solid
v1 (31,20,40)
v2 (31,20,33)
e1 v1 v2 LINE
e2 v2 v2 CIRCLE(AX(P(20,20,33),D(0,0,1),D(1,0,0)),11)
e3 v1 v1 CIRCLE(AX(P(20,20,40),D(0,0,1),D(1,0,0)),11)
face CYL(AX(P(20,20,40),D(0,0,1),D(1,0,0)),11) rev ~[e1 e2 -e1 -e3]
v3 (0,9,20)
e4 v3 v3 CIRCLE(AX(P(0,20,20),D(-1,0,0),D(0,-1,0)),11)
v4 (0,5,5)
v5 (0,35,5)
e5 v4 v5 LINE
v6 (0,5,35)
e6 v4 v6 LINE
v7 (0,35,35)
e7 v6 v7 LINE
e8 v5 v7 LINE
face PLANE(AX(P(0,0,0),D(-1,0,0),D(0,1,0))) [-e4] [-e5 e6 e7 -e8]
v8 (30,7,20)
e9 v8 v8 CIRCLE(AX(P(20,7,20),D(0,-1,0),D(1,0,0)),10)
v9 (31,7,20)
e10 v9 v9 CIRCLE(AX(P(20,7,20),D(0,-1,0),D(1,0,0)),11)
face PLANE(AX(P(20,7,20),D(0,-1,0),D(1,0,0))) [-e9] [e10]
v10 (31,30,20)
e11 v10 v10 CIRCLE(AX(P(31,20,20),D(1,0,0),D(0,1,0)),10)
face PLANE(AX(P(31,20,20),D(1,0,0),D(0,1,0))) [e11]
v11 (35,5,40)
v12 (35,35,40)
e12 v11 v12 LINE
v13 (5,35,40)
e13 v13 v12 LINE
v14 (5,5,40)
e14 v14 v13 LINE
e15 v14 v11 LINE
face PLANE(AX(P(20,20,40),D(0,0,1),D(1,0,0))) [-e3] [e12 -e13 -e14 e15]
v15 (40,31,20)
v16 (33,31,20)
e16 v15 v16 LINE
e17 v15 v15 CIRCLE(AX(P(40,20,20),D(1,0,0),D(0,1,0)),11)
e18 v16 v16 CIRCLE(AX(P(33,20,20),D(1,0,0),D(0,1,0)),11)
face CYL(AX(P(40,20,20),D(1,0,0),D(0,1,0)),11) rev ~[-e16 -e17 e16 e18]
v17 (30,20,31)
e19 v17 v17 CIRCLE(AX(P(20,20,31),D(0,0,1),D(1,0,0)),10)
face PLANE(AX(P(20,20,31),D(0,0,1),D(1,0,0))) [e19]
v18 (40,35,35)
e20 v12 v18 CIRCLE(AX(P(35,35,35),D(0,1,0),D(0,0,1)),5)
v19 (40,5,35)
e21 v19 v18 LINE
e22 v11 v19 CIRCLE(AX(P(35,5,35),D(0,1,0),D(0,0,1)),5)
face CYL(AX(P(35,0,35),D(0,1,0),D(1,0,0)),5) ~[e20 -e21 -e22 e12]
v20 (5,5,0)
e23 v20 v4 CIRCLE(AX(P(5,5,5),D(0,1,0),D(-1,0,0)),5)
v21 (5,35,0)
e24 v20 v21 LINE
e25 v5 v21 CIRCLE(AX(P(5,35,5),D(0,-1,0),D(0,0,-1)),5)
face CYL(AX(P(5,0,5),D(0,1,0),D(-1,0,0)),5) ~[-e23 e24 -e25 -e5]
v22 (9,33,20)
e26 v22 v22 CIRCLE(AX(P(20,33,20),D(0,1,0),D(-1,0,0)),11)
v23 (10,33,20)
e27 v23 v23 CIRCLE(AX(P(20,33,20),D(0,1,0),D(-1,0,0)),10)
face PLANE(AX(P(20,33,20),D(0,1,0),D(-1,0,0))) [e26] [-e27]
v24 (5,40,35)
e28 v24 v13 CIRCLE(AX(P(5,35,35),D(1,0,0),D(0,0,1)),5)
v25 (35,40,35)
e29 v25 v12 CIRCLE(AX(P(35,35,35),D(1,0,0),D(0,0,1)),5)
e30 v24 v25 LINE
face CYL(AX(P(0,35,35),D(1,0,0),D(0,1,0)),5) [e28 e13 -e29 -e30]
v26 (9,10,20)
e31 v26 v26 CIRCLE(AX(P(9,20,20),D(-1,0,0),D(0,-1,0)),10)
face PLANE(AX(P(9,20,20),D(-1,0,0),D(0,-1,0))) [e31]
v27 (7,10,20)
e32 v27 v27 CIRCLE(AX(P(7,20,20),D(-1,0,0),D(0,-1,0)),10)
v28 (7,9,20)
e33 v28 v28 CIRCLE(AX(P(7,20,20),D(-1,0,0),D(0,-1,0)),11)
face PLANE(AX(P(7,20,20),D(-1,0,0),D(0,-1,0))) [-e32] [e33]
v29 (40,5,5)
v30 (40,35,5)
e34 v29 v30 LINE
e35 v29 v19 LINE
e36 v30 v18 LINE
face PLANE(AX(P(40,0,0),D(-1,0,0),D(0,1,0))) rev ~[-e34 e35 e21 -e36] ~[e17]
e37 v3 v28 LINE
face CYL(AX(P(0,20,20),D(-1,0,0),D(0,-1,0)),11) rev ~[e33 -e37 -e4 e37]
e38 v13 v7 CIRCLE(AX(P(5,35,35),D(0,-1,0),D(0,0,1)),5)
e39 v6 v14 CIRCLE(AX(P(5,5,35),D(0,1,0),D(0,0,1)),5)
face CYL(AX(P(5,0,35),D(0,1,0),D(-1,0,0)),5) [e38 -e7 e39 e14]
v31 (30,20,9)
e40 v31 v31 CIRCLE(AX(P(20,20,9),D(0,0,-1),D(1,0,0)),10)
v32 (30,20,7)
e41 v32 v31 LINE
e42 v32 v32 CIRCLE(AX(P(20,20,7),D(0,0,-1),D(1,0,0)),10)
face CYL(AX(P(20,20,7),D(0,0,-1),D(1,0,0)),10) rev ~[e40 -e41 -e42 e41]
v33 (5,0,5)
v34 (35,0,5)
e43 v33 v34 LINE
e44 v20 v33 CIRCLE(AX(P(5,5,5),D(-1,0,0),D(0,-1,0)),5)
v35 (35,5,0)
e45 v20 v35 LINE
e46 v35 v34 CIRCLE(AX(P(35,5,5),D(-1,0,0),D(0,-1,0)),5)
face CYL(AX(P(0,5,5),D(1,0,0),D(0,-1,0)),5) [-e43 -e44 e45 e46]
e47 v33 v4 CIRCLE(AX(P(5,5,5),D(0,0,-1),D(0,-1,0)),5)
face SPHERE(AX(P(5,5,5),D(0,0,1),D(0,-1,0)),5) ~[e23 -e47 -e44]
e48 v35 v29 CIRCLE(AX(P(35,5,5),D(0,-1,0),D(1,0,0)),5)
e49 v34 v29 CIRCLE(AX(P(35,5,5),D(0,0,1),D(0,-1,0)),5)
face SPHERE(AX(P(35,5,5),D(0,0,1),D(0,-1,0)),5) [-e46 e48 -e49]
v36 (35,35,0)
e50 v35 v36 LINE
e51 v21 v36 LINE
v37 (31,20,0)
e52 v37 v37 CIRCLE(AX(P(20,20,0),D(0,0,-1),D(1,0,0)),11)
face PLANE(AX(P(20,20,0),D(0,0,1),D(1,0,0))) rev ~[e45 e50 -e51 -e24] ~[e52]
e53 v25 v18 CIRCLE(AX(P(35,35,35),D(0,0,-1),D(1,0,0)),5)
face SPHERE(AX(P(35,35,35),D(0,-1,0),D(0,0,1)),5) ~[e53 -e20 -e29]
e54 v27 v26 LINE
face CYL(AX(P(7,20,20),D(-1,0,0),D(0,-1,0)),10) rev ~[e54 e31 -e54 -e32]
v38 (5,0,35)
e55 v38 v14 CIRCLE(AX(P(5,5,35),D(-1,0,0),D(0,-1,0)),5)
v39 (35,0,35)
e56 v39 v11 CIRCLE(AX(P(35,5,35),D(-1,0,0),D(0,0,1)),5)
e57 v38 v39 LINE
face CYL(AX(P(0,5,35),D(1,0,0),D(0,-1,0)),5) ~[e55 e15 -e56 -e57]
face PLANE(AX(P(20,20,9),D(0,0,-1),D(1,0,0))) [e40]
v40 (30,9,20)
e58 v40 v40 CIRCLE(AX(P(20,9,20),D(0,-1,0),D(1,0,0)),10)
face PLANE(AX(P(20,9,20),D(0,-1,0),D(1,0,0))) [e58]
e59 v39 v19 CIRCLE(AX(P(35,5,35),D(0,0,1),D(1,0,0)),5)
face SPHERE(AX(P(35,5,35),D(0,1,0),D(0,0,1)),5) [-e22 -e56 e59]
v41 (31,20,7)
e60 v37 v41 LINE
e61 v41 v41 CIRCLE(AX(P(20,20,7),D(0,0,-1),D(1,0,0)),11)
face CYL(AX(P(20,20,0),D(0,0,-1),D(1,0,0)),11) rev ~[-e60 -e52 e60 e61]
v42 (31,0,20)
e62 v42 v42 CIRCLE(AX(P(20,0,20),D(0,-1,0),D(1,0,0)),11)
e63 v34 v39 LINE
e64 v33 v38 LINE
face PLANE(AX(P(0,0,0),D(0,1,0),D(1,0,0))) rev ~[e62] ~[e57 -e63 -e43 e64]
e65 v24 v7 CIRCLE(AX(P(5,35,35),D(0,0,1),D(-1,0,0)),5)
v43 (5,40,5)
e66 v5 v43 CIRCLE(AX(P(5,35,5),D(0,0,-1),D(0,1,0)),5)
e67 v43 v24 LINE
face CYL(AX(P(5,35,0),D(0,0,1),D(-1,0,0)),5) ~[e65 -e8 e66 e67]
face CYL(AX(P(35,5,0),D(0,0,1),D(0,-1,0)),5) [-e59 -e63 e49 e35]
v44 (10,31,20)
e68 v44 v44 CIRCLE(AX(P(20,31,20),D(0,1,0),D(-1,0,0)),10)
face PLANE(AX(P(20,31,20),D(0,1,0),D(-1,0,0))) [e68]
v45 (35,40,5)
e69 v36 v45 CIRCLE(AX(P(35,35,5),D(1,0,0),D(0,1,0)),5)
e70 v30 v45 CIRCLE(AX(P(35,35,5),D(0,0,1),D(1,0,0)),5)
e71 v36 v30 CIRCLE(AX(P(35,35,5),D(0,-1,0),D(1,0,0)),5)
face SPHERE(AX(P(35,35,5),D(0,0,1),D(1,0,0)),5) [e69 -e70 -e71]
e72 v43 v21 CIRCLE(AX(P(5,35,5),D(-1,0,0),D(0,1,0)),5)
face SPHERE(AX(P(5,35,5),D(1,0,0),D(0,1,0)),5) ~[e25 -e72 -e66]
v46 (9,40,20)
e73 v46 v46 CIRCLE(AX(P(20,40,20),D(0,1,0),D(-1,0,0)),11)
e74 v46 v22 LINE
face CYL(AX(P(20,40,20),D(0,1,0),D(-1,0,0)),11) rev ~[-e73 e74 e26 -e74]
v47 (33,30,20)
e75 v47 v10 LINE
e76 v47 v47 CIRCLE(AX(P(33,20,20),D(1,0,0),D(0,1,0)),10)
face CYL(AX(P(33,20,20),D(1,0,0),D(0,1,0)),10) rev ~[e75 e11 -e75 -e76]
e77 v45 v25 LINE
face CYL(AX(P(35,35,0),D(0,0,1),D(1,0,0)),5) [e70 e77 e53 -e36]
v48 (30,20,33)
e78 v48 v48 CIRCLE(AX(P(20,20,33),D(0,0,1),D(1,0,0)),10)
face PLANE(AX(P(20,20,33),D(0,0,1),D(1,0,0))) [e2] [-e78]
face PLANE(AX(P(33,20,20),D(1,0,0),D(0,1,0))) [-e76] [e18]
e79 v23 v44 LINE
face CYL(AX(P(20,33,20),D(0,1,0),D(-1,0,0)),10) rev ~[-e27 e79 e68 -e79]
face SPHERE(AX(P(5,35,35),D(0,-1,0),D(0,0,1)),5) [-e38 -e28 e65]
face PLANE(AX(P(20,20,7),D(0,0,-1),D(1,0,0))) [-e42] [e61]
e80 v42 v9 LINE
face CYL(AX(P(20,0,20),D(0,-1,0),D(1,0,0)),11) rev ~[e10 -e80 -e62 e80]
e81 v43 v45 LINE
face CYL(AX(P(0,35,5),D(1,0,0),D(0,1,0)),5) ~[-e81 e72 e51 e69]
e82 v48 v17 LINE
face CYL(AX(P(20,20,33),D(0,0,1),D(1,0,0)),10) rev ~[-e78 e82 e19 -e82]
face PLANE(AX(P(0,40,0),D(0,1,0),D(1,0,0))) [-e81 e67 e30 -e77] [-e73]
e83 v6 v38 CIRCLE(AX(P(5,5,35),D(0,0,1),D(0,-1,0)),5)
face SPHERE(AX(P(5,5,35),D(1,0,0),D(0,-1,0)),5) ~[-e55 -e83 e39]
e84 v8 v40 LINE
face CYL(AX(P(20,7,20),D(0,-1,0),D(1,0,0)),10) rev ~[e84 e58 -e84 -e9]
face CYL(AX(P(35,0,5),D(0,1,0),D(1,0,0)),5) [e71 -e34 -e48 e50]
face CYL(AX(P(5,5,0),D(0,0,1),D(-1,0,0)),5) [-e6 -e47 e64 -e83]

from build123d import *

# Parameters (mm, degrees)
F0_W      = 40
F0_H      = 40
F1_DEPTH  = 40
F2_R      = 5
F3_R      = 11
F4_DEPTH  = 7
F5_R      = 11
F6_DEPTH  = 7
F7_R      = 11
F8_DEPTH  = 7
F9_R      = 11
F10_DEPTH = 7
F11_R     = 11
F12_DEPTH = 7
F13_R     = 11
F14_DEPTH = 7
F15_R     = 10
F16_DEPTH = 2
F17_R     = 10
F18_DEPTH = 2
F19_R     = 10
F20_DEPTH = 2
F21_R     = 10
F22_DEPTH = 2
F23_R     = 10
F24_DEPTH = 2
F25_R     = 10
F26_DEPTH = 2


with BuildPart() as f1:
    # F0 (on Top) → F1 (new body)
    with BuildSketch(Plane.XY):
        with Locations((20, 20)):
            Rectangle(F0_W, F0_H)
    extrude(amount=F1_DEPTH)

    # F2
    f2_edges = [f1.edges().sort_by_distance(p)[0] for p in [
        (40, 20, 40),
        (20, 0, 40),
        (0, 0, 20),
        (40, 0, 20),
        (20, 0, 0),
        (0, 20, 40),
        (20, 40, 40),
        (40, 40, 20),
        (40, 20, 0),
        (20, 40, 0),
        (0, 40, 20),
        (0, 20, 0),
    ]]
    fillet(f2_edges, radius=F2_R)

    # F3 (on face) → F4 (cut)
    with BuildSketch(Plane.XZ):
        with Locations((20, 20)):
            Circle(F3_R)
    extrude(amount=-F4_DEPTH, mode=Mode.SUBTRACT)

    # F5 (on face) → F6 (cut)
    with BuildSketch(Plane(origin=(0, 40, 0), x_dir=(-1, 0, 0), z_dir=(0, 1, 0))):
        with Locations((-20, 20)):
            Circle(F5_R)
    extrude(amount=-F6_DEPTH, mode=Mode.SUBTRACT)

    # F7 (on face) → F8 (cut)
    with BuildSketch(Plane(origin=(0, 0, 0), x_dir=(0, -1, 0), z_dir=(-1, 0, 0))):
        with Locations((-20, 20)):
            Circle(F7_R)
    extrude(amount=-F8_DEPTH, mode=Mode.SUBTRACT)

    # F9 (on face) → F10 (cut)
    with BuildSketch(Plane.YZ.offset(40)):
        with Locations((20, 20)):
            Circle(F9_R)
    extrude(amount=-F10_DEPTH, mode=Mode.SUBTRACT)

    # F11 (on face) → F12 (cut)
    with BuildSketch(Plane(origin=(0, 0, 0), x_dir=(1, 0, 0), z_dir=(0, 0, -1))):
        with Locations((20, -20)):
            Circle(F11_R)
    extrude(amount=-F12_DEPTH, mode=Mode.SUBTRACT)

    # F13 (on face) → F14 (cut)
    with BuildSketch(Plane.XY.offset(40)):
        with Locations((20, 20)):
            Circle(F13_R)
    extrude(amount=-F14_DEPTH, mode=Mode.SUBTRACT)

    # F15 (on face) → F16 (cut)
    with BuildSketch(Plane.XY.offset(33)):
        with Locations((20, 20)):
            Circle(F15_R)
    extrude(amount=-F16_DEPTH, mode=Mode.SUBTRACT)

    # F17 (on face) → F18 (cut)
    with BuildSketch(Plane.XZ.offset(-7)):
        with Locations((20, 20)):
            Circle(F17_R)
    extrude(amount=-F18_DEPTH, mode=Mode.SUBTRACT)

    # F19 (on face) → F20 (cut)
    with BuildSketch(Plane(origin=(0, 0, 7), x_dir=(1, 0, 0), z_dir=(0, 0, -1))):
        with Locations((20, -20)):
            Circle(F19_R)
    extrude(amount=-F20_DEPTH, mode=Mode.SUBTRACT)

    # F21 (on face) → F22 (cut)
    with BuildSketch(Plane(origin=(7, 0, 0), x_dir=(0, -1, 0), z_dir=(-1, 0, 0))):
        with Locations((-20, 20)):
            Circle(F21_R)
    extrude(amount=-F22_DEPTH, mode=Mode.SUBTRACT)

    # F23 (on face) → F24 (cut)
    with BuildSketch(Plane(origin=(0, 33, 0), x_dir=(-1, 0, 0), z_dir=(0, 1, 0))):
        with Locations((-20, 20)):
            Circle(F23_R)
    extrude(amount=-F24_DEPTH, mode=Mode.SUBTRACT)

    # F25 (on face) → F26 (cut)
    with BuildSketch(Plane.YZ.offset(33)):
        with Locations((20, 20)):
            Circle(F25_R)
    extrude(amount=-F26_DEPTH, mode=Mode.SUBTRACT)


solid = f1.part
